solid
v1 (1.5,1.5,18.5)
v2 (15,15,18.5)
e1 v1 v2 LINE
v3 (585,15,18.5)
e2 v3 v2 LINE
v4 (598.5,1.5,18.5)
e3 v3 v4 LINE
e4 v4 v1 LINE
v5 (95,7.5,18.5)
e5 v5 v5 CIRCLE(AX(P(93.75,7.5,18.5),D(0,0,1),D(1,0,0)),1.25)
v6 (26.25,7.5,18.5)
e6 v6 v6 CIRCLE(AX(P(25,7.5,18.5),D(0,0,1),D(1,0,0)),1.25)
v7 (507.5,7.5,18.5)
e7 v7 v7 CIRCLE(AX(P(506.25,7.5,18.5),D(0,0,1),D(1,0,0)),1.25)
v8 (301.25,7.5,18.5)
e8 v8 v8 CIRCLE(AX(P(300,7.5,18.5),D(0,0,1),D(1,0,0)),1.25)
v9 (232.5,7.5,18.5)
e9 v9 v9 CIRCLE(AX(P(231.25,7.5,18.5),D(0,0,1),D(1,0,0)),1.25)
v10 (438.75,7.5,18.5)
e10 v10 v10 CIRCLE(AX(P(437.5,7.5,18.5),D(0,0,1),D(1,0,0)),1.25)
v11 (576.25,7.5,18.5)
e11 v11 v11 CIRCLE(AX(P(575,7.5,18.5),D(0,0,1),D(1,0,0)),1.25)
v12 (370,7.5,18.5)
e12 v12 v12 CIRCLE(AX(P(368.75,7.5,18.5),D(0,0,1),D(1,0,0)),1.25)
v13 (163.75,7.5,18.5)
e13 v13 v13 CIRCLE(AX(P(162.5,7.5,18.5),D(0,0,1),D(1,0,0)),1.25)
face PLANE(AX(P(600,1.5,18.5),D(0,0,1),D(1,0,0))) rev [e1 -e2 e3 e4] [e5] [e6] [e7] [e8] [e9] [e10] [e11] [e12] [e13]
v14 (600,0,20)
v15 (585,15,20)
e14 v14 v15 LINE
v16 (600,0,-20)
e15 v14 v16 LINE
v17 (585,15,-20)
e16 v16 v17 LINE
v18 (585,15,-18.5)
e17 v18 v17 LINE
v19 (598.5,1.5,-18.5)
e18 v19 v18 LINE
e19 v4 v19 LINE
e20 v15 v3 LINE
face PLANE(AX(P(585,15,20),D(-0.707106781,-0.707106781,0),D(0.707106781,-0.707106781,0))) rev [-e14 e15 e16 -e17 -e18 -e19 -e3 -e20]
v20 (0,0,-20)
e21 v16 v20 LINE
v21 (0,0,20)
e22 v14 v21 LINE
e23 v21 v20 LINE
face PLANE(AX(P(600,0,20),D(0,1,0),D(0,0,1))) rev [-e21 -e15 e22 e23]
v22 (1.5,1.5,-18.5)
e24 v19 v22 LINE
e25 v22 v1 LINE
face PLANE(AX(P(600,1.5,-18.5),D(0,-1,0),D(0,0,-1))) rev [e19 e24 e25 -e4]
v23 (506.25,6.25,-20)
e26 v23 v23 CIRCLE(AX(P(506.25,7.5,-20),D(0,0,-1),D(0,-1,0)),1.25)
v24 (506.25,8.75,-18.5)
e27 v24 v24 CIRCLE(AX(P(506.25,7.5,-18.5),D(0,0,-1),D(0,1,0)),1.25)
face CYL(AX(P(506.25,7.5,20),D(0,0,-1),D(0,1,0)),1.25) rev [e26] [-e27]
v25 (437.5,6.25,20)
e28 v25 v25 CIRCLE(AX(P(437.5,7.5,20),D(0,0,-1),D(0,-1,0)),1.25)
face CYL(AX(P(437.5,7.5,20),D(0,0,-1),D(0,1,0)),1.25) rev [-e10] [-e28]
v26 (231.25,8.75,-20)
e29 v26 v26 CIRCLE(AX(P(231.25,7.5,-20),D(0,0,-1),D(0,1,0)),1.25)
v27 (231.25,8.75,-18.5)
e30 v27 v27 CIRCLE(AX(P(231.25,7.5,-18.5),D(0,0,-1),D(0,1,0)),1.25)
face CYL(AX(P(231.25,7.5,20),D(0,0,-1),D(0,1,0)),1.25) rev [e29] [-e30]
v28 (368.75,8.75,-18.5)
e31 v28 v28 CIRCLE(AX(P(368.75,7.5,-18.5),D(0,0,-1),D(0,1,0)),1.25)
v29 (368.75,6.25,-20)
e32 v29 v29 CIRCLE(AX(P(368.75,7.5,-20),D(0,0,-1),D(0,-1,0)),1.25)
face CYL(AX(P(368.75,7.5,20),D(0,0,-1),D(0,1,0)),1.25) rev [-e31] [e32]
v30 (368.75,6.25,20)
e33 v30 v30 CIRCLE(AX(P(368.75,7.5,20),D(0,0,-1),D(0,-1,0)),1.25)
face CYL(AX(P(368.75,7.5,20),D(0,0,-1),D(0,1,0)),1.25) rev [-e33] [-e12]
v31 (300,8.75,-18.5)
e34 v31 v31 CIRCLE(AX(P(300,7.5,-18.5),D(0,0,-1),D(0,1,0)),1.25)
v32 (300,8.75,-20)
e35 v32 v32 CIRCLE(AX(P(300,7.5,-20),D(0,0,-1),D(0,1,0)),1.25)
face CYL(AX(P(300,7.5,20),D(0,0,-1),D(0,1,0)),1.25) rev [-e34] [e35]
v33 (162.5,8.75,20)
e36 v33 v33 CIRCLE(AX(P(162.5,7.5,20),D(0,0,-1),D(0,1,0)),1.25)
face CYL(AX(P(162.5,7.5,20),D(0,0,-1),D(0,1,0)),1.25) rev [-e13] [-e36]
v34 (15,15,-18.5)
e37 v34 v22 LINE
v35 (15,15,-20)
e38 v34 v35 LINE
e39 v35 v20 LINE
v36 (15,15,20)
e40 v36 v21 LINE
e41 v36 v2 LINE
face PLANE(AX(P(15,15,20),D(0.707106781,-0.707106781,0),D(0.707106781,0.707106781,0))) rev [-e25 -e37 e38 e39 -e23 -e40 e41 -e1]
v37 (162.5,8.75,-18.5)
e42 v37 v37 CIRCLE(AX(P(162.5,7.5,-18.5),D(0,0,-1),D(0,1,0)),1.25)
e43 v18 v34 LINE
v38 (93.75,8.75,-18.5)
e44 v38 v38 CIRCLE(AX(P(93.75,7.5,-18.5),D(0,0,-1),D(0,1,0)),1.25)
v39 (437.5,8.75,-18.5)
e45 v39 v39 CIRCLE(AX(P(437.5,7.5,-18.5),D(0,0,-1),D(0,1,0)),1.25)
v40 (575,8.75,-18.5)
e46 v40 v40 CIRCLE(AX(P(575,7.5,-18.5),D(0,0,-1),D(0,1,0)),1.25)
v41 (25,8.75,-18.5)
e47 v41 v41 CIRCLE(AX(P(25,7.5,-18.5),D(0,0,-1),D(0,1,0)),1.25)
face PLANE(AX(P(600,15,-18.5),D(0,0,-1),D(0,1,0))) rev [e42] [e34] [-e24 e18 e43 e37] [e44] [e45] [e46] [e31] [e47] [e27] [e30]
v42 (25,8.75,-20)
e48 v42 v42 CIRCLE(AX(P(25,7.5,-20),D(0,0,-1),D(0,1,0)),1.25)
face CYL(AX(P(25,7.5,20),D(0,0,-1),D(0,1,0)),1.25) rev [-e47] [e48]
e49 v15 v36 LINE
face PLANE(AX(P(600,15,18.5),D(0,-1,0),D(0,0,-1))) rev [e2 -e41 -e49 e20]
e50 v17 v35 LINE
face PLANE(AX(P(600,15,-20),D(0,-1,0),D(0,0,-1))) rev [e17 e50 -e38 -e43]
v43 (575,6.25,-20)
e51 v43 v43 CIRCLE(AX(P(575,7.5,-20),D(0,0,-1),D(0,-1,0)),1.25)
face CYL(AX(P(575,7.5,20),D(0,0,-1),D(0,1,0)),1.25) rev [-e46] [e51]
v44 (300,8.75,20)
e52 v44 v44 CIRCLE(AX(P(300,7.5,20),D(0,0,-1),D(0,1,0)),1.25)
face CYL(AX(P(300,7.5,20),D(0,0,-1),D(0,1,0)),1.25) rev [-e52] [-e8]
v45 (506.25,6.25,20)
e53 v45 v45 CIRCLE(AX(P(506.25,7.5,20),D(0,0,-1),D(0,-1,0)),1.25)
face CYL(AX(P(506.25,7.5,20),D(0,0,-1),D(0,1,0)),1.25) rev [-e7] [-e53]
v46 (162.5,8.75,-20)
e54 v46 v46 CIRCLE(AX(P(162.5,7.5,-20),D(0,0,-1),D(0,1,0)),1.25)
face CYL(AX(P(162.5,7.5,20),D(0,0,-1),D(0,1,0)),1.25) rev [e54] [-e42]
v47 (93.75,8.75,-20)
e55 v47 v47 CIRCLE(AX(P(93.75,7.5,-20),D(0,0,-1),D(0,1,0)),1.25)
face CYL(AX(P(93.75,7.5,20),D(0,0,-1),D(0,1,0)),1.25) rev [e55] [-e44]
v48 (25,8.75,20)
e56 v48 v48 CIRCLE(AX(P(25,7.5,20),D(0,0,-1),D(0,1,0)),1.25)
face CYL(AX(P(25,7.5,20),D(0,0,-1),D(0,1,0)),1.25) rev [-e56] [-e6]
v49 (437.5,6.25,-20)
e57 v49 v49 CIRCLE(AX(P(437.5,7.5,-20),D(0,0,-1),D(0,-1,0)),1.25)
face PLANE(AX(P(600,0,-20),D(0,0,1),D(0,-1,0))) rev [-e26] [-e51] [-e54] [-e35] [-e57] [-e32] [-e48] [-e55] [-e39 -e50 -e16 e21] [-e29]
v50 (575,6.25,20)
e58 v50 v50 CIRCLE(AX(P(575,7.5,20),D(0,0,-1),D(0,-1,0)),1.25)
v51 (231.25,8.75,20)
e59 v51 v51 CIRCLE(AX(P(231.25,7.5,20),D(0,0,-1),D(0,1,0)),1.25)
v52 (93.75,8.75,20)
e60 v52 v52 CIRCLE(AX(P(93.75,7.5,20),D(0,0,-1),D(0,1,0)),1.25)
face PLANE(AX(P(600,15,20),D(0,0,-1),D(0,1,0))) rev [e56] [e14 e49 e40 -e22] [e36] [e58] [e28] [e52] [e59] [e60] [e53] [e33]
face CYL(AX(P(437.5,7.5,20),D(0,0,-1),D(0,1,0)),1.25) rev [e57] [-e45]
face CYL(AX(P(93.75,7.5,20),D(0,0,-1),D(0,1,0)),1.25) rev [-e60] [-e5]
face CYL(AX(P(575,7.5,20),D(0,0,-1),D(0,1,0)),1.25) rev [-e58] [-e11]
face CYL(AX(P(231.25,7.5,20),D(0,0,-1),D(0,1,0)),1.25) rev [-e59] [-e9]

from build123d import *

# Parameters (mm, degrees)
SALIENTE_EXTRUIR1_DEPTH = 600
CROQUIS2_R              = 1.25
CORTAR_EXTRUIR1_DEPTH   = 41


with BuildPart() as part:
    # Croquis1 → Saliente-Extruir1 (new body)
    with BuildSketch(Plane(origin=(0, 0, 0), x_dir=(0, 0, -1), z_dir=(1, 0, 0))):
        Polygon((-20, 0), (20, 0), (20, 15), (18.5, 15), (18.5, 1.5), (-18.5, 1.5), (-18.5, 15), (-20, 15), align=None)
    extrude(amount=SALIENTE_EXTRUIR1_DEPTH)

    # Croquis2 → Cortar-Extruir1 (cut, through all)
    with BuildSketch(Plane(origin=(0, 0, -20), x_dir=(-1, 0, 0), z_dir=(0, 0, -1))):
        with Locations((-25, 7.5)):
            Circle(CROQUIS2_R)
        with Locations((-93.75, 7.5)):
            Circle(CROQUIS2_R)
        with Locations((-162.5, 7.5)):
            Circle(CROQUIS2_R)
        with Locations((-231.25, 7.5)):
            Circle(CROQUIS2_R)
        with Locations((-368.75, 7.5)):
            Circle(CROQUIS2_R)
        with Locations((-437.5, 7.5)):
            Circle(CROQUIS2_R)
        with Locations((-506.25, 7.5)):
            Circle(CROQUIS2_R)
        with Locations((-575, 7.5)):
            Circle(CROQUIS2_R)
        with Locations((-300, 7.5)):
            Circle(CROQUIS2_R)
        Polygon((-600, 15), (-585, 15), (-600, 0), align=None)
        Polygon((0, 15), (-15, 15), (0, 0), align=None)
    extrude(amount=-CORTAR_EXTRUIR1_DEPTH, mode=Mode.SUBTRACT)


solid = part.part
